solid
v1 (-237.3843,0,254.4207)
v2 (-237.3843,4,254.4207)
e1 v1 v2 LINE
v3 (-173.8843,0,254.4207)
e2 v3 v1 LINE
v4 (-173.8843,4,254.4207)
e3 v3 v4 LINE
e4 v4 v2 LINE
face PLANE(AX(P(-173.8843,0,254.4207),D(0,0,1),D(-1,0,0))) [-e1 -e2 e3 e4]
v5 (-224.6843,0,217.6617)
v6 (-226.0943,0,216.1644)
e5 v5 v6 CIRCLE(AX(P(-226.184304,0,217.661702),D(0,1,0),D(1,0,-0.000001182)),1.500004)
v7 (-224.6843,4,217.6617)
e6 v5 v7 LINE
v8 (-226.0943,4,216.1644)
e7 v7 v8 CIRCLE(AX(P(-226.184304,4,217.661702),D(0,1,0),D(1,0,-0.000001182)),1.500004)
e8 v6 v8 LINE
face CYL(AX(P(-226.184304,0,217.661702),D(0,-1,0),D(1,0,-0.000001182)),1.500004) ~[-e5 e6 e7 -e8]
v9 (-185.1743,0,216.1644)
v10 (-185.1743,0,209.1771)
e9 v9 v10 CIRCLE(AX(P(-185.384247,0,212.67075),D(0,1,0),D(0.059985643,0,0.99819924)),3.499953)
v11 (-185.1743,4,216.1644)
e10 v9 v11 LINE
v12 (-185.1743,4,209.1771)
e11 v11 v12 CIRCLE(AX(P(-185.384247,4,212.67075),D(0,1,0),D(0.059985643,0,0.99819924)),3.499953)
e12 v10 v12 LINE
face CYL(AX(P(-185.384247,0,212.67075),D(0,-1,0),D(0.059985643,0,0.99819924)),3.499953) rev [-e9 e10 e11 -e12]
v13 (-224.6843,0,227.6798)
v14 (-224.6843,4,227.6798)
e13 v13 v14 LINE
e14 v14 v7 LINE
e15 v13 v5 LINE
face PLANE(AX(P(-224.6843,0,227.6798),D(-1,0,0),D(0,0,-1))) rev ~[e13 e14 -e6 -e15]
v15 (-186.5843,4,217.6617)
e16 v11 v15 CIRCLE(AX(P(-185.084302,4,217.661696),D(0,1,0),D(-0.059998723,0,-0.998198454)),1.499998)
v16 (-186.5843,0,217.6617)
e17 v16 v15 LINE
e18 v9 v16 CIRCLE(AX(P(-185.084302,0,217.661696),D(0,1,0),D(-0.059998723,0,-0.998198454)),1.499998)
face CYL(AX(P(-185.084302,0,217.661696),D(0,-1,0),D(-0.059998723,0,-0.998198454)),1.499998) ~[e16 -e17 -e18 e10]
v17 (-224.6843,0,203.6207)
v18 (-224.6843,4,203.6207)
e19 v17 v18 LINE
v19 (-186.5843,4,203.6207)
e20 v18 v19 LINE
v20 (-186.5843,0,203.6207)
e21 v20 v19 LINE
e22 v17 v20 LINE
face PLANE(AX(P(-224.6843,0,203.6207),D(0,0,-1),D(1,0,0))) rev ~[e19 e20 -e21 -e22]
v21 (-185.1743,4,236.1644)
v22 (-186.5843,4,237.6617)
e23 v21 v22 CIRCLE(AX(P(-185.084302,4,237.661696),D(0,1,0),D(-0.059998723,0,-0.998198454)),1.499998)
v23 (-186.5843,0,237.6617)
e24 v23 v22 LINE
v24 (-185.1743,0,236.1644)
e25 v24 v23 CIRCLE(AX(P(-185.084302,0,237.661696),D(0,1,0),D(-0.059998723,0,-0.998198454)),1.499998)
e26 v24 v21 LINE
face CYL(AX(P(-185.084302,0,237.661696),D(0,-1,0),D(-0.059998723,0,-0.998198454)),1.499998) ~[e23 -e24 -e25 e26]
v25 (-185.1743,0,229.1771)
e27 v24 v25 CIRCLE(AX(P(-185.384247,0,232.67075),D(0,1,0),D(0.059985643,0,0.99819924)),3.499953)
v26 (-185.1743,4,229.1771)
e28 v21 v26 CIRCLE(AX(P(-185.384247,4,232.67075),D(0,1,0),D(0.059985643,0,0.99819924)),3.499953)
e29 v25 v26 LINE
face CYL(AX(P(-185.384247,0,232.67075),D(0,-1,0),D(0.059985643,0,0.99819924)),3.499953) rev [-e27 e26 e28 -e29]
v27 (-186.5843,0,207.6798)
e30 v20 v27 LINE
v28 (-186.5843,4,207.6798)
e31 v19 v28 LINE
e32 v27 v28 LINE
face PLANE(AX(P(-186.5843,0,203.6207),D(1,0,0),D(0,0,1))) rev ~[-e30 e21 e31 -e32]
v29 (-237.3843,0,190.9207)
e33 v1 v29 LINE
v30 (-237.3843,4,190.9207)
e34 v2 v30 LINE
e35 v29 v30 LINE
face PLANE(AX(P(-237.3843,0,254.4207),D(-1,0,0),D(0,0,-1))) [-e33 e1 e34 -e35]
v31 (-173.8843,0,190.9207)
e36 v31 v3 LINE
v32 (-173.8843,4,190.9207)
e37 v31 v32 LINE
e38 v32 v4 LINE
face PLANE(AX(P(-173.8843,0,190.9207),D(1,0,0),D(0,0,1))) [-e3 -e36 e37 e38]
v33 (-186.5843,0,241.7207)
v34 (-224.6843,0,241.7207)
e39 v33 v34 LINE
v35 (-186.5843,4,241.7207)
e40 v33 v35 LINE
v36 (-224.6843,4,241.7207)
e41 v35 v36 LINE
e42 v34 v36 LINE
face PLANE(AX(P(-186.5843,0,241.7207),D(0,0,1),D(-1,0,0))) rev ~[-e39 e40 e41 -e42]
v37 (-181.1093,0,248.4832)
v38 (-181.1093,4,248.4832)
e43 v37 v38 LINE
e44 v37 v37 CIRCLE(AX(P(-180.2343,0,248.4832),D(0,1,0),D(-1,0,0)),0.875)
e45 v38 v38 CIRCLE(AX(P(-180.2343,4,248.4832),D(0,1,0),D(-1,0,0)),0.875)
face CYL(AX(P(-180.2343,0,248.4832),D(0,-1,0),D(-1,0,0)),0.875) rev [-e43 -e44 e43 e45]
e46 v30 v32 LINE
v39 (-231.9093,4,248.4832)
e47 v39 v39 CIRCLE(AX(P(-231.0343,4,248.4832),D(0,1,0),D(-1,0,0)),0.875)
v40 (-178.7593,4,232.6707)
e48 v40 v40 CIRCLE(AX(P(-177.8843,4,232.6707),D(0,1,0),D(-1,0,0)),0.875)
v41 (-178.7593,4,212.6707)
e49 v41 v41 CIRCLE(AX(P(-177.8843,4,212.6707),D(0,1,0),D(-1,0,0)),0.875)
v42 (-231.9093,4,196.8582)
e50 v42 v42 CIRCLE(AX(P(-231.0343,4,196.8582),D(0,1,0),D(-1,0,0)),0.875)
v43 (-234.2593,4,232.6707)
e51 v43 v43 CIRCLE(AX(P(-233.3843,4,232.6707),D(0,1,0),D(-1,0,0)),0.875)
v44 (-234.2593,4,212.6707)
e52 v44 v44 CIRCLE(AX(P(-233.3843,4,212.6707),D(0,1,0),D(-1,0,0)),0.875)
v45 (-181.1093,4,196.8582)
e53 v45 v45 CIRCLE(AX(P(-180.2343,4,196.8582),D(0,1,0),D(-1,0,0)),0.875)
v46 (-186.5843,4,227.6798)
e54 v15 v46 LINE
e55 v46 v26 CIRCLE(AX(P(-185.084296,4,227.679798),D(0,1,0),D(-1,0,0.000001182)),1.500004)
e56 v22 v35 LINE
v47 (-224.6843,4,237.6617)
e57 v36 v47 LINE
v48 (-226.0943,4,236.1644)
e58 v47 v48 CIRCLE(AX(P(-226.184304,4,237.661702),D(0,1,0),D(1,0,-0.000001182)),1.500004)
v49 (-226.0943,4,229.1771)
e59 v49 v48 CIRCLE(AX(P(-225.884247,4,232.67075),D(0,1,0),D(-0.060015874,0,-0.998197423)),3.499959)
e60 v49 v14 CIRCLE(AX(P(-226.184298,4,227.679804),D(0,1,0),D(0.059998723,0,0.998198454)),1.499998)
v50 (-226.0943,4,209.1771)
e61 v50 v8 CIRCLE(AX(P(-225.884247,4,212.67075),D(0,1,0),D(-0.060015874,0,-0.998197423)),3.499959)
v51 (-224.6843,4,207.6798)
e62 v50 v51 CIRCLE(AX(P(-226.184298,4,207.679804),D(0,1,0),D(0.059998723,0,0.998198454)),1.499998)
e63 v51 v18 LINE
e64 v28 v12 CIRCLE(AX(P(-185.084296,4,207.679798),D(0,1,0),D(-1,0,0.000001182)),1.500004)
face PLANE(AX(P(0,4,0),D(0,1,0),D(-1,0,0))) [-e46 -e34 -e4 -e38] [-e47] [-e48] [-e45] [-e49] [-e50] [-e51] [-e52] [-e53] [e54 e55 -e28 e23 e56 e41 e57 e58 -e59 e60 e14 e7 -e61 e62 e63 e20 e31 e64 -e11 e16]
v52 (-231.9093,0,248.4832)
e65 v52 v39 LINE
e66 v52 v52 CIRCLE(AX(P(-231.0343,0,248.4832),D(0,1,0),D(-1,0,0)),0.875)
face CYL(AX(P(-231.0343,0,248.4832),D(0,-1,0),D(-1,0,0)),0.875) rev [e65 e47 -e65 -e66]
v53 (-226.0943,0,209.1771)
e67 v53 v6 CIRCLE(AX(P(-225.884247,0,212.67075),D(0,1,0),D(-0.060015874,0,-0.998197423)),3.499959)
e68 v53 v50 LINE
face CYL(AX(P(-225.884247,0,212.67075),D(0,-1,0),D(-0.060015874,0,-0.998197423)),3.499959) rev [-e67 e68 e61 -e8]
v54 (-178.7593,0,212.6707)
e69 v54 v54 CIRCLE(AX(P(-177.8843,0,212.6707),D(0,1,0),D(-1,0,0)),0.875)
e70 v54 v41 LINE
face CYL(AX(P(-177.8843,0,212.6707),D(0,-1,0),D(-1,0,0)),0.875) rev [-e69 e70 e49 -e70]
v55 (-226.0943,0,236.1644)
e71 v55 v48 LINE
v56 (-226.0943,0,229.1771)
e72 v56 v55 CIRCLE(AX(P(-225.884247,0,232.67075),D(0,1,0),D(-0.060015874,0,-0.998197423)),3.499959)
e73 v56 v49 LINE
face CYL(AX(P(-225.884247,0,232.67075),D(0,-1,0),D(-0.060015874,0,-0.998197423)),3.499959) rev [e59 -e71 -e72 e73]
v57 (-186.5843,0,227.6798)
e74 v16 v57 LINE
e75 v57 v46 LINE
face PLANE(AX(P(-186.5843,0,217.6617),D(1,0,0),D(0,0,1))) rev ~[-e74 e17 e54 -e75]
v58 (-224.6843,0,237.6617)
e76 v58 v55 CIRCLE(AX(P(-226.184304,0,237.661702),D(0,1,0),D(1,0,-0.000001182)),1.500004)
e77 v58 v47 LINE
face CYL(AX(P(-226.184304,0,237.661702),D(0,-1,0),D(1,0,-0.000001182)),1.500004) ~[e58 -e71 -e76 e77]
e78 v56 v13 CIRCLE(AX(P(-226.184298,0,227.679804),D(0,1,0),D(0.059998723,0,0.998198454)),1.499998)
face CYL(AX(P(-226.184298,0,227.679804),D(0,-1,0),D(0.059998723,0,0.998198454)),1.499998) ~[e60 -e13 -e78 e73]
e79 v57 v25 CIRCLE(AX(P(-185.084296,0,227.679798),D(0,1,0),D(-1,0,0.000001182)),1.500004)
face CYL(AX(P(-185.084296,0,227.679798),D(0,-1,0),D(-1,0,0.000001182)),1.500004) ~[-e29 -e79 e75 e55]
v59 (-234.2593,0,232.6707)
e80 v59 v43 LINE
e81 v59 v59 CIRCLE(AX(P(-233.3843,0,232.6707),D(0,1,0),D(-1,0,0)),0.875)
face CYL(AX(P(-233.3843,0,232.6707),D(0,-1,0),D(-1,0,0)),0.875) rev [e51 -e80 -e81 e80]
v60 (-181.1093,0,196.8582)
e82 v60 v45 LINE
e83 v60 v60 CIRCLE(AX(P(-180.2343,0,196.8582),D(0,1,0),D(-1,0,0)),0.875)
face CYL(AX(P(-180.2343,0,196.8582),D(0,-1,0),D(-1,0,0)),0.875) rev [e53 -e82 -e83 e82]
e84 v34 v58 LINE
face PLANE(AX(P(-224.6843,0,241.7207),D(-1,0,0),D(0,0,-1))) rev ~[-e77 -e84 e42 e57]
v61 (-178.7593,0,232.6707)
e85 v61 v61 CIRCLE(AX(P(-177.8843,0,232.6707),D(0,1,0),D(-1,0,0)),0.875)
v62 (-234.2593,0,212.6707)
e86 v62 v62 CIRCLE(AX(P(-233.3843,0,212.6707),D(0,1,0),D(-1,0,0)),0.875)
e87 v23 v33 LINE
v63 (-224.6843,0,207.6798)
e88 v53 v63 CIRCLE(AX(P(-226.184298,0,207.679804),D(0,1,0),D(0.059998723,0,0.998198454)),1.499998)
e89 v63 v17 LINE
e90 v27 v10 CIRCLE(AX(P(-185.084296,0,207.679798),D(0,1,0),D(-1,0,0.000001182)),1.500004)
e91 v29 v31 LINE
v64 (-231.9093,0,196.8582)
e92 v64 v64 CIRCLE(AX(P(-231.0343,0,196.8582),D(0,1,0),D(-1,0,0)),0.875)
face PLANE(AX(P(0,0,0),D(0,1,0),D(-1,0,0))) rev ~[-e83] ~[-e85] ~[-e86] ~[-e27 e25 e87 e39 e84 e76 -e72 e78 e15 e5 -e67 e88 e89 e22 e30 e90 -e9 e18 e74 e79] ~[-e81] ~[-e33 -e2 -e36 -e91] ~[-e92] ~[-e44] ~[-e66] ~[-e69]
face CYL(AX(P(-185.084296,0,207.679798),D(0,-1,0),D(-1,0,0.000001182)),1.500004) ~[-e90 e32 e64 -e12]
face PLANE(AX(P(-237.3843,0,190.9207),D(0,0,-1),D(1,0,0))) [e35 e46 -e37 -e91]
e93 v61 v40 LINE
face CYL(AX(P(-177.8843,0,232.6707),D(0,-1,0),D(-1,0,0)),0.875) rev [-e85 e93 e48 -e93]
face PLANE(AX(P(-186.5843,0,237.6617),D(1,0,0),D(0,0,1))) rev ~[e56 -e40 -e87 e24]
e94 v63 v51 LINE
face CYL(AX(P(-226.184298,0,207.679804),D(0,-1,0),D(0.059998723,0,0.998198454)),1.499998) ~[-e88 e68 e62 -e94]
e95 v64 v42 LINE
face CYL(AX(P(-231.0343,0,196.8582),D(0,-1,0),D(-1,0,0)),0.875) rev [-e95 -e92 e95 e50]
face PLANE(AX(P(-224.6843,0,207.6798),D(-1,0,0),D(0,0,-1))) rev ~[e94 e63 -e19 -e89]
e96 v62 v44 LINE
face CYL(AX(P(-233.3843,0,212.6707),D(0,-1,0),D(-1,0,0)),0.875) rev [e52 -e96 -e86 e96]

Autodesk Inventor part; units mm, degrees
ref_plane "YZ Plane" through (0, 0, 0) normal (1, 0, 0) x (0, 1, 0)
ref_plane "XZ Plane" through (0, 0, 0) normal (0, 1, 0) x (-1, 0, 0)
ref_plane "XY Plane" through (0, 0, 0) normal (0, 0, 1) x (1, 0, 0)
sketch "Sketch1" plane through (0, 0, 0) normal (0, 1, 0) x (-1, 0, 0)
  line L0 (381.1955, 61.6323) -> (30.4817, 61.6323)
  line L1 (380.9912, 412.4092) -> (381.1955, 61.6323)
  line L2 (30.2774, 412.4092) -> (380.9912, 412.4092)
  line L3 (30.4817, 61.6323) -> (30.4817, 412.4092)
  arc A0 (0.1441, 15.9323) -> (16.1441, -0.0677) centre (16.1441, 15.9323) ccw
  line L4 (0.1817, 15.9323) -> (-0.0226, 429.4092)
  arc A1 (15.9774, 445.4092) -> (-0.0226, 429.4092) centre (15.9774, 429.4092) ccw
  line L5 (15.9774, 445.4092) -> (395.2912, 445.4092)
  arc A2 (411.2912, 429.4092) -> (395.2912, 445.4092) centre (395.2912, 429.4092) ccw
  line L6 (411.2912, 429.4092) -> (411.4955, 15.9323)
  arc A3 (395.4579, -0.0677) -> (411.4579, 15.9323) centre (395.4579, 15.9323) ccw
  line L7 (395.4579, -0.0677) -> (16.1441, -0.0677)
  arc A4 (21.4191, 6.4323) -> (25.1691, 6.4323) centre (23.2941, 6.4323) ccw
  line L8 (25.1691, 10.4323) -> (25.1691, 6.4323)
  arc A5 (25.1691, 10.4323) -> (21.4191, 10.4323) centre (23.2941, 10.4323) ccw
  line L9 (21.4191, 6.4323) -> (21.4191, 10.4323)
  arc A6 (52.4191, 6.4323) -> (56.1691, 6.4323) centre (54.2941, 6.4323) ccw
  line L10 (56.1691, 10.4323) -> (56.1691, 6.4323)
  arc A7 (56.1691, 10.4323) -> (52.4191, 10.4323) centre (54.2941, 10.4323) ccw
  line L11 (52.4191, 6.4323) -> (52.4191, 10.4323)
  arc A8 (21.4191, 37.4323) -> (25.1691, 37.4323) centre (23.2941, 37.4323) ccw
  line L12 (25.1691, 41.4323) -> (25.1691, 37.4323)
  arc A9 (25.1691, 41.4323) -> (21.4191, 41.4323) centre (23.2941, 41.4323) ccw
  line L13 (21.4191, 37.4323) -> (21.4191, 41.4323)
  arc A10 (52.4191, 37.4323) -> (56.1691, 37.4323) centre (54.2941, 37.4323) ccw
  line L14 (56.1691, 41.4323) -> (56.1691, 37.4323)
  arc A11 (56.1691, 41.4323) -> (52.4191, 41.4323) centre (54.2941, 41.4323) ccw
  line L15 (52.4191, 37.4323) -> (52.4191, 41.4323)
  arc A12 (26.7941, 21.9323) -> (50.7941, 21.9323) centre (38.7941, 21.9323) ccw
  line L16 (50.7941, 25.9323) -> (50.7941, 21.9323)
  arc A13 (50.7941, 25.9323) -> (26.7941, 25.9323) centre (38.7941, 25.9323) ccw
  line L17 (26.7941, 21.9323) -> (26.7941, 25.9323)
  arc A14 (355.464, 6.4323) -> (359.214, 6.4323) centre (357.339, 6.4323) ccw
  line L18 (359.214, 10.4323) -> (359.214, 6.4323)
  arc A15 (359.214, 10.4323) -> (355.464, 10.4323) centre (357.339, 10.4323) ccw
  line L19 (355.4329, 6.4323) -> (355.4329, 10.4323)
  arc A16 (386.4154, 6.4323) -> (390.1654, 6.4323) centre (388.2904, 6.3762) ccw
  arc A17 (386.4224, 37.4323) -> (390.1724, 37.4323) centre (388.2974, 37.4323) ccw
  line L20 (390.1724, 41.4323) -> (390.1724, 37.4323)
  arc A18 (390.1829, 41.4323) -> (386.4329, 41.4323) centre (388.3079, 41.4323) ccw
  line L21 (386.4224, 37.4323) -> (386.4224, 41.4323)
  arc A19 (355.4138, 37.4323) -> (359.1638, 37.4323) centre (357.2888, 37.4323) ccw
  line L22 (359.1638, 41.4323) -> (359.1638, 37.4323)
  arc A20 (359.1829, 41.4323) -> (355.4329, 41.4323) centre (357.3079, 41.4323) ccw
  line L23 (355.4138, 37.4323) -> (355.4138, 41.4323)
  arc A21 (360.7688, 21.9323) -> (384.7688, 21.9323) centre (372.7688, 21.9323) ccw
  line L24 (384.7688, 25.9323) -> (384.7688, 21.9323)
  arc A22 (384.8079, 25.9323) -> (360.8079, 25.9323) centre (372.8079, 25.9323) ccw
  line L25 (360.7688, 21.9323) -> (360.7688, 25.9323)
  circle A23 centre (50.2274, 420.4092) radius 2.1
  circle A24 centre (38.6274, 435.4092) radius 2.1
  circle A25 centre (372.6412, 435.4092) radius 2.1
  circle A26 centre (361.0412, 420.4092) radius 2.1
  circle A27 centre (25.8649, 417.9092) radius 1.6
  circle A28 centre (66.8649, 417.9092) radius 1.6
  circle A29 centre (205.6343, 417.9092) radius 1.6
  circle A30 centre (344.4037, 417.9092) radius 1.6
  circle A31 centre (385.4037, 417.9092) radius 1.6
  circle A32 centre (385.4037, 56.1323) radius 1
  circle A33 centre (344.4037, 56.1323) radius 1
  circle A34 centre (205.6343, 56.1323) radius 1
  circle A35 centre (66.8649, 56.1323) radius 1
  circle A36 centre (25.8649, 56.1323) radius 1
  arc A37 (390.1829, 10.4323) -> (386.4329, 10.4323) centre (388.3079, 10.4323) ccw
  line L26 (378.904, 179.3957) -> (32.2792, 179.3957)
  circle A38 centre (60.7292, 222.6707) radius 1.6
  circle A39 centre (60.7292, 258.4832) radius 1.6
  circle A40 centre (60.7292, 186.8582) radius 1.6
  circle A41 centre (350.454, 186.8582) radius 1.6
  circle A42 centre (350.454, 222.6707) radius 1.6
  circle A43 centre (350.454, 258.4832) radius 1.6
  circle A44 centre (49.9292, 185.7457) radius 1.6
  circle A45 centre (49.9292, 259.5957) radius 1.6
  circle A46 centre (361.254, 222.6707) radius 1.6
  line L27 (378.904, 265.9457) -> (378.904, 179.3957)
  line L28 (345.954, 256.4207) -> (345.954, 188.9207)
  line L29 (65.2292, 256.4207) -> (345.954, 256.4207)
  line L30 (65.2292, 188.9207) -> (65.2292, 256.4207)
  line L31 (345.954, 188.9207) -> (65.2292, 188.9207)
  line L32 (32.2792, 179.3957) -> (32.2792, 265.9457)
  line L33 (32.2792, 265.9457) -> (378.904, 265.9457)
  circle A47 centre (50.2292, 204.3707) radius 2.1
  circle A48 centre (360.954, 204.3707) radius 2.1
  circle A49 centre (360.954, 240.9707) radius 2.1
  circle A50 centre (50.2292, 240.9707) radius 2.1
  line L34 (224.6843, 203.6207) -> (186.5843, 203.6207)
  line L35 (224.6843, 207.6798) -> (224.6843, 203.6207)
  arc A51 (226.0943, 209.1771) -> (224.6843, 207.6798) centre (226.1843, 207.6798) ccw
  arc A52 (226.0943, 209.1771) -> (226.0943, 216.1644) centre (225.8843, 212.6707) ccw
  arc A53 (224.6843, 217.6617) -> (226.0943, 216.1644) centre (226.1843, 217.6617) ccw
  arc A54 (226.0943, 229.1771) -> (224.6843, 227.6798) centre (226.1843, 227.6798) ccw
  arc A55 (226.0943, 229.1771) -> (226.0943, 236.1644) centre (225.8843, 232.6707) ccw
  arc A56 (224.6843, 237.6617) -> (226.0943, 236.1644) centre (226.1843, 237.6617) ccw
  line L36 (186.5843, 241.7207) -> (224.6843, 241.7207)
  line L37 (186.5843, 237.6617) -> (186.5843, 241.7207)
  arc A57 (185.1743, 236.1644) -> (186.5843, 237.6617) centre (185.0843, 237.6617) ccw
  arc A58 (185.1743, 236.1644) -> (185.1743, 229.1771) centre (185.3843, 232.6707) ccw
  arc A59 (186.5843, 227.6798) -> (185.1743, 229.1771) centre (185.0843, 227.6798) ccw
  arc A60 (185.1743, 216.1644) -> (186.5843, 217.6617) centre (185.0843, 217.6617) ccw
  arc A61 (185.1743, 216.1644) -> (185.1743, 209.1771) centre (185.3843, 212.6707) ccw
  arc A62 (186.5843, 207.6798) -> (185.1743, 209.1771) centre (185.0843, 207.6798) ccw
  line L38 (173.8843, 254.4207) -> (237.3843, 254.4207)
  line L39 (237.3843, 254.4207) -> (237.3843, 190.9207)
  line L40 (237.3843, 190.9207) -> (173.8843, 190.9207)
  line L41 (173.8843, 190.9207) -> (173.8843, 254.4207)
  circle A63 centre (180.2343, 196.8582) radius 0.875
  circle A64 centre (231.0343, 196.8582) radius 0.875
  circle A65 centre (231.0343, 248.4832) radius 0.875
  circle A66 centre (180.2343, 248.4832) radius 0.875
  circle A67 centre (177.8843, 232.6707) radius 0.875
  circle A68 centre (233.3843, 232.6707) radius 0.875
  circle A69 centre (233.3843, 212.6707) radius 0.875
  circle A70 centre (177.8843, 212.6707) radius 0.875
  line L42 (186.5843, 203.6207) -> (186.5843, 207.6798)
  line L43 (186.5843, 217.6617) -> (186.5843, 227.6798)
  line L44 (224.6843, 241.7207) -> (224.6843, 237.6617)
  line L45 (224.6843, 227.6798) -> (224.6843, 217.6617)
  line L46 (390.1829, 10.4323) -> (390.1829, 6.4239)
  line L47 (386.4329, 10.4323) -> (386.4329, 6.1144)
  circle A71 centre (136.8649, 56.1323) radius 1
  circle A72 centre (273.8973, 56.1323) radius 1
  circle A73 centre (274.4037, 417.9092) radius 1.6
  circle A74 centre (136.8649, 417.9092) radius 1.6
  point P0 (0, 0)
extrude "Extrusion1" add sketch "Sketch1" along normal blind 4 contours L38 L39 L40 L41
properties part number "300 mm core xy mount"
